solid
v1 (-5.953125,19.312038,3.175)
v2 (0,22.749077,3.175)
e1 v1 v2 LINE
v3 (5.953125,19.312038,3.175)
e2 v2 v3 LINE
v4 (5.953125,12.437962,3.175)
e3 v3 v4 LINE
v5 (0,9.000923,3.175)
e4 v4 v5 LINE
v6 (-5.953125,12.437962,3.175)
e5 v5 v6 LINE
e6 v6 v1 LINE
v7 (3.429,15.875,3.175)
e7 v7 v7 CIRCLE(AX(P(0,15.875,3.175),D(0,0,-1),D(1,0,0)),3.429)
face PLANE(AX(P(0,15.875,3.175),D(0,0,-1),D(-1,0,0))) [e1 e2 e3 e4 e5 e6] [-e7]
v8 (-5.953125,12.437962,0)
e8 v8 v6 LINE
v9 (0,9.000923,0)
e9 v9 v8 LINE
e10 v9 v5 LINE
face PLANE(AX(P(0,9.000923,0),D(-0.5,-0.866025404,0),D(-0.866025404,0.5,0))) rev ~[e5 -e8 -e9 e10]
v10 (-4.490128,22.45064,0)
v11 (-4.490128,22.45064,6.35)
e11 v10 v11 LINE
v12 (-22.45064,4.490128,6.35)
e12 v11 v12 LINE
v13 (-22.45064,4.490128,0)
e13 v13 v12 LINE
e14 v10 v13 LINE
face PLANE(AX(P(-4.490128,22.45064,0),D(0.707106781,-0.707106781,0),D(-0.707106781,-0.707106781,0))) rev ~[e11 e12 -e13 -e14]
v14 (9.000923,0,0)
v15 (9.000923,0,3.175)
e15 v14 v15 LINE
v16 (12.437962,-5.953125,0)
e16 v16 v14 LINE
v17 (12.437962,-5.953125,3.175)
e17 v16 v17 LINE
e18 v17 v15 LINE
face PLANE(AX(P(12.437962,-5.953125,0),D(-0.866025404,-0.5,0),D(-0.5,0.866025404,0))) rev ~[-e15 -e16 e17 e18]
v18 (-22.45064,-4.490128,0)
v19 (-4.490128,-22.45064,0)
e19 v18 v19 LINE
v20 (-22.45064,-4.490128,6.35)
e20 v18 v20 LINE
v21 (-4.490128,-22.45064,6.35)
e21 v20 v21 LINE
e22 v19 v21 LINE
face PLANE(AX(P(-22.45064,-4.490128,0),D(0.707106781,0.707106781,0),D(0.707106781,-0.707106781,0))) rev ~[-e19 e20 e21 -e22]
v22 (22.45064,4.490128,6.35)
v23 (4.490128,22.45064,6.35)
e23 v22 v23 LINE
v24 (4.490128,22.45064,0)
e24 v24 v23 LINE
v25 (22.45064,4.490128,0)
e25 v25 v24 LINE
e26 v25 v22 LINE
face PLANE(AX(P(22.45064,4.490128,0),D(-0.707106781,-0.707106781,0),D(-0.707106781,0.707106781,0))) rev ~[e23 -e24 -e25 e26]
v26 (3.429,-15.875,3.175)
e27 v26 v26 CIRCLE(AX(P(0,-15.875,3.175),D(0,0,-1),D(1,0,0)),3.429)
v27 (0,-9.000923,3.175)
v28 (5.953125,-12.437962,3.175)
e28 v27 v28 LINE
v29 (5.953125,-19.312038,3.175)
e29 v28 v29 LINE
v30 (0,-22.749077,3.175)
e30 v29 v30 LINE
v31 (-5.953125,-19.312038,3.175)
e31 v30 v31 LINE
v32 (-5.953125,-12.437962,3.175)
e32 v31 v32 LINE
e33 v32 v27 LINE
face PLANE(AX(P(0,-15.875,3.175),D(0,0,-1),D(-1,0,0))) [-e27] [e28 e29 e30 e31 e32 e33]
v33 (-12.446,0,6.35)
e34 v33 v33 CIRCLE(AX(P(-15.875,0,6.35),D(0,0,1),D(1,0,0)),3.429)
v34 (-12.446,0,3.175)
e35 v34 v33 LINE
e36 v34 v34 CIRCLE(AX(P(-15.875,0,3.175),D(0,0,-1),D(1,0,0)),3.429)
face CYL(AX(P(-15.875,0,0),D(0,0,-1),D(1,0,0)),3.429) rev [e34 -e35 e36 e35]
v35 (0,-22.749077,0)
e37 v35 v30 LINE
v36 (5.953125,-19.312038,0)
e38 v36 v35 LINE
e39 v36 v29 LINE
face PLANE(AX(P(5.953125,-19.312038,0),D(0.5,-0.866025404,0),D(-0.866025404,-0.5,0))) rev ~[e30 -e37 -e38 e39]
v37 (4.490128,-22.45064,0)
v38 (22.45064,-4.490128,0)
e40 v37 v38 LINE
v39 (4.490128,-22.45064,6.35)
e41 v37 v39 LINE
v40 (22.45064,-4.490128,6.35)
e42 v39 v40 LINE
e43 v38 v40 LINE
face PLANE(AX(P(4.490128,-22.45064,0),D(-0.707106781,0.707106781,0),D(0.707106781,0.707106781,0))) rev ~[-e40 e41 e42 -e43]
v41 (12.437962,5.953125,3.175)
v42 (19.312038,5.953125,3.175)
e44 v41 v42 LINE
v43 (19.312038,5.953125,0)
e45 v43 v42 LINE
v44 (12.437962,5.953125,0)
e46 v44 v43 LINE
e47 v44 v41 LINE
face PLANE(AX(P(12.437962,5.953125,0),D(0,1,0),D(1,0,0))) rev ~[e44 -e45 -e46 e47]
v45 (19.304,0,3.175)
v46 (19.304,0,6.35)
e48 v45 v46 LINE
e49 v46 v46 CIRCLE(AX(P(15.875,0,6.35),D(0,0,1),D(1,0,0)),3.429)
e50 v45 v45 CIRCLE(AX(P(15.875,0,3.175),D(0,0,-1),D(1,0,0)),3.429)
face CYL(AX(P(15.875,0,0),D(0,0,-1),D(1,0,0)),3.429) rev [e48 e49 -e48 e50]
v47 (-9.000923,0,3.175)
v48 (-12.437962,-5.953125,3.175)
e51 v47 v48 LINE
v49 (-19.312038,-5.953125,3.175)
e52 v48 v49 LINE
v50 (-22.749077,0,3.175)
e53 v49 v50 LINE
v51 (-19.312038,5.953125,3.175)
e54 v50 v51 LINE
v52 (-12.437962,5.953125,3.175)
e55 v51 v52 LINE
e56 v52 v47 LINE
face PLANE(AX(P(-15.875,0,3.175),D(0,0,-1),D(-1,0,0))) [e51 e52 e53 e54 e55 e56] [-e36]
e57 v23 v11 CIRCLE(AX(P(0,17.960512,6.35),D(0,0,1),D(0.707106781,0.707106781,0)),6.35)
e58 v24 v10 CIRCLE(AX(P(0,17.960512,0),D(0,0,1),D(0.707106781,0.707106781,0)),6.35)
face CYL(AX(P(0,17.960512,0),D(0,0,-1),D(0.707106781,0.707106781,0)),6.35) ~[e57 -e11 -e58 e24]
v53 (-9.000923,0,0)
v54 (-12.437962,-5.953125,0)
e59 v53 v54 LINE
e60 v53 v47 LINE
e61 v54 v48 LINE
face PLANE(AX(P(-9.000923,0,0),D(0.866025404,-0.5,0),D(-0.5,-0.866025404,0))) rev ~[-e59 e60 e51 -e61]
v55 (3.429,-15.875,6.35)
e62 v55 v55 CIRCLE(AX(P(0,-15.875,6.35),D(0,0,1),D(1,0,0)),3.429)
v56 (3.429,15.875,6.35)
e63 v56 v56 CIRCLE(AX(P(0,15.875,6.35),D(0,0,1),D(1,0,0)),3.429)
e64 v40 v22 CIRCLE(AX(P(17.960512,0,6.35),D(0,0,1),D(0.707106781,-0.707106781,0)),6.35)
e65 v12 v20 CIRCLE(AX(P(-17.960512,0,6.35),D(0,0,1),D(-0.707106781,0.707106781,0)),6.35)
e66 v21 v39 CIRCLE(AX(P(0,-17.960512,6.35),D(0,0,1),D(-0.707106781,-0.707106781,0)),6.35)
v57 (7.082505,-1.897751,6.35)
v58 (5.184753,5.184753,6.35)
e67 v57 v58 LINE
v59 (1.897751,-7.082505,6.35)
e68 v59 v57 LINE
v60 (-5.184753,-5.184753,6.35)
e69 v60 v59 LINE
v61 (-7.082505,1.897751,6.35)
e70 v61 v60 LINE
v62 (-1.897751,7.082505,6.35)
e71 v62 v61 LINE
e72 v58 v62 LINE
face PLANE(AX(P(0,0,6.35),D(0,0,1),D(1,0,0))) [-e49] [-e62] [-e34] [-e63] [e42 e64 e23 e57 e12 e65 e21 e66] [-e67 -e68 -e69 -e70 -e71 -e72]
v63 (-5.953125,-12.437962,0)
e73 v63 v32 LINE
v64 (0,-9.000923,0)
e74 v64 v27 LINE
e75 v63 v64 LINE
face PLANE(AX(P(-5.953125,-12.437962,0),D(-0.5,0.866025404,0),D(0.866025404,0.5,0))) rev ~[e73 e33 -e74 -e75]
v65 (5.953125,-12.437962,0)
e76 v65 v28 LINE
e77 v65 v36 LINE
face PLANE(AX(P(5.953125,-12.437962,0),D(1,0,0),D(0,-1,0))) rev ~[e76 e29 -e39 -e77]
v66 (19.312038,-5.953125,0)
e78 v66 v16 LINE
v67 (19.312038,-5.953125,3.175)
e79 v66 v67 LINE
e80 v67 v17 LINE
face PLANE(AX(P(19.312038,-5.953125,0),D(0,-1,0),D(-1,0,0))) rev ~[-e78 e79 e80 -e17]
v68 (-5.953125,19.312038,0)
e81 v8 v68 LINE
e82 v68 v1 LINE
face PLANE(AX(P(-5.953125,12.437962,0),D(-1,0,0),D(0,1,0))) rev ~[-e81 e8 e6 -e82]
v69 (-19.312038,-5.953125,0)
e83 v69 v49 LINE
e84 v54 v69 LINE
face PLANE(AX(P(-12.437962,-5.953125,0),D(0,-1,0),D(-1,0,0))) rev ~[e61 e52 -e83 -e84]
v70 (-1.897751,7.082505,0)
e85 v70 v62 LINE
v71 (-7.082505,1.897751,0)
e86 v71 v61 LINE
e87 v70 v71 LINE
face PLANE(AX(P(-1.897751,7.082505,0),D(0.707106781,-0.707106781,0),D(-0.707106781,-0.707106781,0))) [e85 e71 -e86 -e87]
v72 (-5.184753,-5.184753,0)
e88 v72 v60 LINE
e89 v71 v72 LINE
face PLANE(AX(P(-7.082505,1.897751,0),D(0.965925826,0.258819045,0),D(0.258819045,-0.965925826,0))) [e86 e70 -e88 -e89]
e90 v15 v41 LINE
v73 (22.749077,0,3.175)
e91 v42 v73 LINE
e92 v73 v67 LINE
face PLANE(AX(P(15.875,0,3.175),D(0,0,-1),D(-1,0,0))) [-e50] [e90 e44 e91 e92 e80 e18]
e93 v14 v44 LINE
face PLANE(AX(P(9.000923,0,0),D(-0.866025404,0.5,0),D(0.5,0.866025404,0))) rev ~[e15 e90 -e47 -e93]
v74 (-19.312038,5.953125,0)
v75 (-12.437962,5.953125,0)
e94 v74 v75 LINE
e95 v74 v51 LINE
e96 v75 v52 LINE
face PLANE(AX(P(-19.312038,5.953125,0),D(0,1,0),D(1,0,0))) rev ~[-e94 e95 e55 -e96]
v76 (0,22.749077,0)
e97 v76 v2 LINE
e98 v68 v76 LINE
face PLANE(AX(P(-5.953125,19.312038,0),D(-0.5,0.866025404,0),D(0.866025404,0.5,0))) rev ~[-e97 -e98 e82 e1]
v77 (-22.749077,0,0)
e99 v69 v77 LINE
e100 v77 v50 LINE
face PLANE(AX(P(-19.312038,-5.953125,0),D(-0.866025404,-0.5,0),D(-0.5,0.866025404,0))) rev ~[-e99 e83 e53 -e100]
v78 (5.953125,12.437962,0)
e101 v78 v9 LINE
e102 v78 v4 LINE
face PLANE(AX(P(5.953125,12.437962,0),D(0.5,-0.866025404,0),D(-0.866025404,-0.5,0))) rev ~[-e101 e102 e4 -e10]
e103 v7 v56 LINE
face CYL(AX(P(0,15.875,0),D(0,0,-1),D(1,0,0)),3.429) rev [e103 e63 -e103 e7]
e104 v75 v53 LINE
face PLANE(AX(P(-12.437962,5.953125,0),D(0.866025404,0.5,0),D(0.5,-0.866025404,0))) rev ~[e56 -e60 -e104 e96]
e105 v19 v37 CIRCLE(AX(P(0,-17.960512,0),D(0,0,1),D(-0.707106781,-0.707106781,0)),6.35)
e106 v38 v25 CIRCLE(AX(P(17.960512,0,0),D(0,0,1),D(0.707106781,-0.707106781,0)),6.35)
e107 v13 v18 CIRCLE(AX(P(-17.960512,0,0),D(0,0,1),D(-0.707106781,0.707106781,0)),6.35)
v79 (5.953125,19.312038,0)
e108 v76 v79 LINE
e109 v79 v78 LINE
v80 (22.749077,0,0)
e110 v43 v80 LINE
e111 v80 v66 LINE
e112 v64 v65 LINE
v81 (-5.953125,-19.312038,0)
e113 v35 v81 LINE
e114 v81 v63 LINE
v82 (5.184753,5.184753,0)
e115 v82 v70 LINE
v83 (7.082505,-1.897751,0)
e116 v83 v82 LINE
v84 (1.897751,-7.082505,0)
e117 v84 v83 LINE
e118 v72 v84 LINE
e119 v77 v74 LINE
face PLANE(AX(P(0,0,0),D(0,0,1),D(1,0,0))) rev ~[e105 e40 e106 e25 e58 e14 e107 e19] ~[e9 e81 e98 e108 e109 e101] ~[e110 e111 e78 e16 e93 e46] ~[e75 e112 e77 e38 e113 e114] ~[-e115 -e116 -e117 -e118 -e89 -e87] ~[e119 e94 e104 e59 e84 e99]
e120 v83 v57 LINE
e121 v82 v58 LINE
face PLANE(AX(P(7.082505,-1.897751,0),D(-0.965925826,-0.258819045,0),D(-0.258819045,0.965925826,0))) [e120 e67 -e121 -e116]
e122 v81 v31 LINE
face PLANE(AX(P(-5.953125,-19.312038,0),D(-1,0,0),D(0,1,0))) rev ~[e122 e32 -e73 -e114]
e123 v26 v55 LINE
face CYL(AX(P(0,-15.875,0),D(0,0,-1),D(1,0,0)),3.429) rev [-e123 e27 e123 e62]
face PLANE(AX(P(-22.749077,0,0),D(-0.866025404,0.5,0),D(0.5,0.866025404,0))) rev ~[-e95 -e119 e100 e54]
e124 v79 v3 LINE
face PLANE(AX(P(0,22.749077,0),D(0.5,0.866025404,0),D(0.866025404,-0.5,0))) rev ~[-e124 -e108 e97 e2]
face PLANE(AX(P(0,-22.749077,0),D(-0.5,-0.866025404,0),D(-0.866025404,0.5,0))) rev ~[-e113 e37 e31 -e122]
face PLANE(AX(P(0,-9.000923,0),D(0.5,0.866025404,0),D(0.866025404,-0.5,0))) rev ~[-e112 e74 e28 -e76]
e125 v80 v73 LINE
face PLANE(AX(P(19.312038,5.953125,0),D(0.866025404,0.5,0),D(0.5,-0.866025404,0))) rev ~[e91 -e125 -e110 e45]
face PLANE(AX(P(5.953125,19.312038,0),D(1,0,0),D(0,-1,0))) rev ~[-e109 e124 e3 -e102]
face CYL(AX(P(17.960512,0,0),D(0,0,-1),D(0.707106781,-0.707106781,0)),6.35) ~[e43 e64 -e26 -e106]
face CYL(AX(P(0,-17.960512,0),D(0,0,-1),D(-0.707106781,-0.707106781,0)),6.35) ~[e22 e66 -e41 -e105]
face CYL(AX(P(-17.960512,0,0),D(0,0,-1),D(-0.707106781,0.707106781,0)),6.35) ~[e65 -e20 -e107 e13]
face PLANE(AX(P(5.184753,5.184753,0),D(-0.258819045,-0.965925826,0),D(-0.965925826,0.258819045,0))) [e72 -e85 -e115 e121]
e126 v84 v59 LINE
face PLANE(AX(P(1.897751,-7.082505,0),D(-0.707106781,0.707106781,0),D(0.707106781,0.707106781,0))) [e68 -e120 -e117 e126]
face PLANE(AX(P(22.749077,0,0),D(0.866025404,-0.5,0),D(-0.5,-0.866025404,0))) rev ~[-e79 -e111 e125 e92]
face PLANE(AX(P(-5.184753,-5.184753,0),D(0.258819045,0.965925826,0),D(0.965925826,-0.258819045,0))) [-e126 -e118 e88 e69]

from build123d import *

# Parameters (mm, degrees)
SKETCH2_R           = 3.429
BOSS_EXTRUDE1_DEPTH = 6.35
CUT_EXTRUDE1_DEPTH  = 3.175


with BuildPart() as part:
    # Sketch2 → Boss-Extrude1 (new body)
    with BuildSketch(Plane.XY):
        with BuildLine():
            Line((-4.490128061, 22.450640303), (-22.450640303, 4.490128061))
            ThreePointArc((-22.450640303, 4.490128061), (-24.310512242, 0), (-22.450640303, -4.490128061))
            Line((-22.450640303, -4.490128061), (-4.490128061, -22.450640303))
            ThreePointArc((-4.490128061, -22.450640303), (0, -24.310512242), (4.490128061, -22.450640303))
            Line((4.490128061, -22.450640303), (22.450640303, -4.490128061))
            ThreePointArc((22.450640303, -4.490128061), (24.310512242, 0), (22.450640303, 4.490128061))
            Line((22.450640303, 4.490128061), (4.490128061, 22.450640303))
            ThreePointArc((4.490128061, 22.450640303), (0, 24.310512242), (-4.490128061, 22.450640303))
        make_face()
        with Locations((0, 15.875)):
            Circle(SKETCH2_R, mode=Mode.SUBTRACT)
        with Locations((15.875, 0)):
            Circle(SKETCH2_R, mode=Mode.SUBTRACT)
        with Locations((0, -15.875)):
            Circle(SKETCH2_R, mode=Mode.SUBTRACT)
        with Locations((-15.875, 0)):
            Circle(SKETCH2_R, mode=Mode.SUBTRACT)
        Polygon((5.184753289, 5.184753289), (-1.897751416, 7.082504705), (-7.082504705, 1.897751416), (-5.184753289, -5.184753289), (1.897751416, -7.082504705), (7.082504705, -1.897751416), align=None, mode=Mode.SUBTRACT)
    extrude(amount=BOSS_EXTRUDE1_DEPTH)

    # Sketch3 → Cut-Extrude1 (cut)
    with BuildSketch(Plane(origin=(0, 0, 0), x_dir=(-1, 0, 0), z_dir=(0, 0, -1))):
        Polygon((5.953125, 19.312038321), (0, 22.749076643), (-5.953125, 19.312038321), (-5.953125, 12.437961679), (0, 9.000923357), (5.953125, 12.437961679), align=None)
        Polygon((12.437961679, -5.953125), (19.312038321, -5.953125), (22.749076643, 0), (19.312038321, 5.953125), (12.437961679, 5.953125), (9.000923357, 0), align=None)
        Polygon((-5.953125, -12.437961679), (-5.953125, -19.312038321), (0, -22.749076643), (5.953125, -19.312038321), (5.953125, -12.437961679), (0, -9.000923357), align=None)
        Polygon((-12.437961679, 5.953125), (-19.312038321, 5.953125), (-22.749076643, 0), (-19.312038321, -5.953125), (-12.437961679, -5.953125), (-9.000923357, 0), align=None)
    extrude(amount=-CUT_EXTRUDE1_DEPTH, mode=Mode.SUBTRACT)


solid = part.part
